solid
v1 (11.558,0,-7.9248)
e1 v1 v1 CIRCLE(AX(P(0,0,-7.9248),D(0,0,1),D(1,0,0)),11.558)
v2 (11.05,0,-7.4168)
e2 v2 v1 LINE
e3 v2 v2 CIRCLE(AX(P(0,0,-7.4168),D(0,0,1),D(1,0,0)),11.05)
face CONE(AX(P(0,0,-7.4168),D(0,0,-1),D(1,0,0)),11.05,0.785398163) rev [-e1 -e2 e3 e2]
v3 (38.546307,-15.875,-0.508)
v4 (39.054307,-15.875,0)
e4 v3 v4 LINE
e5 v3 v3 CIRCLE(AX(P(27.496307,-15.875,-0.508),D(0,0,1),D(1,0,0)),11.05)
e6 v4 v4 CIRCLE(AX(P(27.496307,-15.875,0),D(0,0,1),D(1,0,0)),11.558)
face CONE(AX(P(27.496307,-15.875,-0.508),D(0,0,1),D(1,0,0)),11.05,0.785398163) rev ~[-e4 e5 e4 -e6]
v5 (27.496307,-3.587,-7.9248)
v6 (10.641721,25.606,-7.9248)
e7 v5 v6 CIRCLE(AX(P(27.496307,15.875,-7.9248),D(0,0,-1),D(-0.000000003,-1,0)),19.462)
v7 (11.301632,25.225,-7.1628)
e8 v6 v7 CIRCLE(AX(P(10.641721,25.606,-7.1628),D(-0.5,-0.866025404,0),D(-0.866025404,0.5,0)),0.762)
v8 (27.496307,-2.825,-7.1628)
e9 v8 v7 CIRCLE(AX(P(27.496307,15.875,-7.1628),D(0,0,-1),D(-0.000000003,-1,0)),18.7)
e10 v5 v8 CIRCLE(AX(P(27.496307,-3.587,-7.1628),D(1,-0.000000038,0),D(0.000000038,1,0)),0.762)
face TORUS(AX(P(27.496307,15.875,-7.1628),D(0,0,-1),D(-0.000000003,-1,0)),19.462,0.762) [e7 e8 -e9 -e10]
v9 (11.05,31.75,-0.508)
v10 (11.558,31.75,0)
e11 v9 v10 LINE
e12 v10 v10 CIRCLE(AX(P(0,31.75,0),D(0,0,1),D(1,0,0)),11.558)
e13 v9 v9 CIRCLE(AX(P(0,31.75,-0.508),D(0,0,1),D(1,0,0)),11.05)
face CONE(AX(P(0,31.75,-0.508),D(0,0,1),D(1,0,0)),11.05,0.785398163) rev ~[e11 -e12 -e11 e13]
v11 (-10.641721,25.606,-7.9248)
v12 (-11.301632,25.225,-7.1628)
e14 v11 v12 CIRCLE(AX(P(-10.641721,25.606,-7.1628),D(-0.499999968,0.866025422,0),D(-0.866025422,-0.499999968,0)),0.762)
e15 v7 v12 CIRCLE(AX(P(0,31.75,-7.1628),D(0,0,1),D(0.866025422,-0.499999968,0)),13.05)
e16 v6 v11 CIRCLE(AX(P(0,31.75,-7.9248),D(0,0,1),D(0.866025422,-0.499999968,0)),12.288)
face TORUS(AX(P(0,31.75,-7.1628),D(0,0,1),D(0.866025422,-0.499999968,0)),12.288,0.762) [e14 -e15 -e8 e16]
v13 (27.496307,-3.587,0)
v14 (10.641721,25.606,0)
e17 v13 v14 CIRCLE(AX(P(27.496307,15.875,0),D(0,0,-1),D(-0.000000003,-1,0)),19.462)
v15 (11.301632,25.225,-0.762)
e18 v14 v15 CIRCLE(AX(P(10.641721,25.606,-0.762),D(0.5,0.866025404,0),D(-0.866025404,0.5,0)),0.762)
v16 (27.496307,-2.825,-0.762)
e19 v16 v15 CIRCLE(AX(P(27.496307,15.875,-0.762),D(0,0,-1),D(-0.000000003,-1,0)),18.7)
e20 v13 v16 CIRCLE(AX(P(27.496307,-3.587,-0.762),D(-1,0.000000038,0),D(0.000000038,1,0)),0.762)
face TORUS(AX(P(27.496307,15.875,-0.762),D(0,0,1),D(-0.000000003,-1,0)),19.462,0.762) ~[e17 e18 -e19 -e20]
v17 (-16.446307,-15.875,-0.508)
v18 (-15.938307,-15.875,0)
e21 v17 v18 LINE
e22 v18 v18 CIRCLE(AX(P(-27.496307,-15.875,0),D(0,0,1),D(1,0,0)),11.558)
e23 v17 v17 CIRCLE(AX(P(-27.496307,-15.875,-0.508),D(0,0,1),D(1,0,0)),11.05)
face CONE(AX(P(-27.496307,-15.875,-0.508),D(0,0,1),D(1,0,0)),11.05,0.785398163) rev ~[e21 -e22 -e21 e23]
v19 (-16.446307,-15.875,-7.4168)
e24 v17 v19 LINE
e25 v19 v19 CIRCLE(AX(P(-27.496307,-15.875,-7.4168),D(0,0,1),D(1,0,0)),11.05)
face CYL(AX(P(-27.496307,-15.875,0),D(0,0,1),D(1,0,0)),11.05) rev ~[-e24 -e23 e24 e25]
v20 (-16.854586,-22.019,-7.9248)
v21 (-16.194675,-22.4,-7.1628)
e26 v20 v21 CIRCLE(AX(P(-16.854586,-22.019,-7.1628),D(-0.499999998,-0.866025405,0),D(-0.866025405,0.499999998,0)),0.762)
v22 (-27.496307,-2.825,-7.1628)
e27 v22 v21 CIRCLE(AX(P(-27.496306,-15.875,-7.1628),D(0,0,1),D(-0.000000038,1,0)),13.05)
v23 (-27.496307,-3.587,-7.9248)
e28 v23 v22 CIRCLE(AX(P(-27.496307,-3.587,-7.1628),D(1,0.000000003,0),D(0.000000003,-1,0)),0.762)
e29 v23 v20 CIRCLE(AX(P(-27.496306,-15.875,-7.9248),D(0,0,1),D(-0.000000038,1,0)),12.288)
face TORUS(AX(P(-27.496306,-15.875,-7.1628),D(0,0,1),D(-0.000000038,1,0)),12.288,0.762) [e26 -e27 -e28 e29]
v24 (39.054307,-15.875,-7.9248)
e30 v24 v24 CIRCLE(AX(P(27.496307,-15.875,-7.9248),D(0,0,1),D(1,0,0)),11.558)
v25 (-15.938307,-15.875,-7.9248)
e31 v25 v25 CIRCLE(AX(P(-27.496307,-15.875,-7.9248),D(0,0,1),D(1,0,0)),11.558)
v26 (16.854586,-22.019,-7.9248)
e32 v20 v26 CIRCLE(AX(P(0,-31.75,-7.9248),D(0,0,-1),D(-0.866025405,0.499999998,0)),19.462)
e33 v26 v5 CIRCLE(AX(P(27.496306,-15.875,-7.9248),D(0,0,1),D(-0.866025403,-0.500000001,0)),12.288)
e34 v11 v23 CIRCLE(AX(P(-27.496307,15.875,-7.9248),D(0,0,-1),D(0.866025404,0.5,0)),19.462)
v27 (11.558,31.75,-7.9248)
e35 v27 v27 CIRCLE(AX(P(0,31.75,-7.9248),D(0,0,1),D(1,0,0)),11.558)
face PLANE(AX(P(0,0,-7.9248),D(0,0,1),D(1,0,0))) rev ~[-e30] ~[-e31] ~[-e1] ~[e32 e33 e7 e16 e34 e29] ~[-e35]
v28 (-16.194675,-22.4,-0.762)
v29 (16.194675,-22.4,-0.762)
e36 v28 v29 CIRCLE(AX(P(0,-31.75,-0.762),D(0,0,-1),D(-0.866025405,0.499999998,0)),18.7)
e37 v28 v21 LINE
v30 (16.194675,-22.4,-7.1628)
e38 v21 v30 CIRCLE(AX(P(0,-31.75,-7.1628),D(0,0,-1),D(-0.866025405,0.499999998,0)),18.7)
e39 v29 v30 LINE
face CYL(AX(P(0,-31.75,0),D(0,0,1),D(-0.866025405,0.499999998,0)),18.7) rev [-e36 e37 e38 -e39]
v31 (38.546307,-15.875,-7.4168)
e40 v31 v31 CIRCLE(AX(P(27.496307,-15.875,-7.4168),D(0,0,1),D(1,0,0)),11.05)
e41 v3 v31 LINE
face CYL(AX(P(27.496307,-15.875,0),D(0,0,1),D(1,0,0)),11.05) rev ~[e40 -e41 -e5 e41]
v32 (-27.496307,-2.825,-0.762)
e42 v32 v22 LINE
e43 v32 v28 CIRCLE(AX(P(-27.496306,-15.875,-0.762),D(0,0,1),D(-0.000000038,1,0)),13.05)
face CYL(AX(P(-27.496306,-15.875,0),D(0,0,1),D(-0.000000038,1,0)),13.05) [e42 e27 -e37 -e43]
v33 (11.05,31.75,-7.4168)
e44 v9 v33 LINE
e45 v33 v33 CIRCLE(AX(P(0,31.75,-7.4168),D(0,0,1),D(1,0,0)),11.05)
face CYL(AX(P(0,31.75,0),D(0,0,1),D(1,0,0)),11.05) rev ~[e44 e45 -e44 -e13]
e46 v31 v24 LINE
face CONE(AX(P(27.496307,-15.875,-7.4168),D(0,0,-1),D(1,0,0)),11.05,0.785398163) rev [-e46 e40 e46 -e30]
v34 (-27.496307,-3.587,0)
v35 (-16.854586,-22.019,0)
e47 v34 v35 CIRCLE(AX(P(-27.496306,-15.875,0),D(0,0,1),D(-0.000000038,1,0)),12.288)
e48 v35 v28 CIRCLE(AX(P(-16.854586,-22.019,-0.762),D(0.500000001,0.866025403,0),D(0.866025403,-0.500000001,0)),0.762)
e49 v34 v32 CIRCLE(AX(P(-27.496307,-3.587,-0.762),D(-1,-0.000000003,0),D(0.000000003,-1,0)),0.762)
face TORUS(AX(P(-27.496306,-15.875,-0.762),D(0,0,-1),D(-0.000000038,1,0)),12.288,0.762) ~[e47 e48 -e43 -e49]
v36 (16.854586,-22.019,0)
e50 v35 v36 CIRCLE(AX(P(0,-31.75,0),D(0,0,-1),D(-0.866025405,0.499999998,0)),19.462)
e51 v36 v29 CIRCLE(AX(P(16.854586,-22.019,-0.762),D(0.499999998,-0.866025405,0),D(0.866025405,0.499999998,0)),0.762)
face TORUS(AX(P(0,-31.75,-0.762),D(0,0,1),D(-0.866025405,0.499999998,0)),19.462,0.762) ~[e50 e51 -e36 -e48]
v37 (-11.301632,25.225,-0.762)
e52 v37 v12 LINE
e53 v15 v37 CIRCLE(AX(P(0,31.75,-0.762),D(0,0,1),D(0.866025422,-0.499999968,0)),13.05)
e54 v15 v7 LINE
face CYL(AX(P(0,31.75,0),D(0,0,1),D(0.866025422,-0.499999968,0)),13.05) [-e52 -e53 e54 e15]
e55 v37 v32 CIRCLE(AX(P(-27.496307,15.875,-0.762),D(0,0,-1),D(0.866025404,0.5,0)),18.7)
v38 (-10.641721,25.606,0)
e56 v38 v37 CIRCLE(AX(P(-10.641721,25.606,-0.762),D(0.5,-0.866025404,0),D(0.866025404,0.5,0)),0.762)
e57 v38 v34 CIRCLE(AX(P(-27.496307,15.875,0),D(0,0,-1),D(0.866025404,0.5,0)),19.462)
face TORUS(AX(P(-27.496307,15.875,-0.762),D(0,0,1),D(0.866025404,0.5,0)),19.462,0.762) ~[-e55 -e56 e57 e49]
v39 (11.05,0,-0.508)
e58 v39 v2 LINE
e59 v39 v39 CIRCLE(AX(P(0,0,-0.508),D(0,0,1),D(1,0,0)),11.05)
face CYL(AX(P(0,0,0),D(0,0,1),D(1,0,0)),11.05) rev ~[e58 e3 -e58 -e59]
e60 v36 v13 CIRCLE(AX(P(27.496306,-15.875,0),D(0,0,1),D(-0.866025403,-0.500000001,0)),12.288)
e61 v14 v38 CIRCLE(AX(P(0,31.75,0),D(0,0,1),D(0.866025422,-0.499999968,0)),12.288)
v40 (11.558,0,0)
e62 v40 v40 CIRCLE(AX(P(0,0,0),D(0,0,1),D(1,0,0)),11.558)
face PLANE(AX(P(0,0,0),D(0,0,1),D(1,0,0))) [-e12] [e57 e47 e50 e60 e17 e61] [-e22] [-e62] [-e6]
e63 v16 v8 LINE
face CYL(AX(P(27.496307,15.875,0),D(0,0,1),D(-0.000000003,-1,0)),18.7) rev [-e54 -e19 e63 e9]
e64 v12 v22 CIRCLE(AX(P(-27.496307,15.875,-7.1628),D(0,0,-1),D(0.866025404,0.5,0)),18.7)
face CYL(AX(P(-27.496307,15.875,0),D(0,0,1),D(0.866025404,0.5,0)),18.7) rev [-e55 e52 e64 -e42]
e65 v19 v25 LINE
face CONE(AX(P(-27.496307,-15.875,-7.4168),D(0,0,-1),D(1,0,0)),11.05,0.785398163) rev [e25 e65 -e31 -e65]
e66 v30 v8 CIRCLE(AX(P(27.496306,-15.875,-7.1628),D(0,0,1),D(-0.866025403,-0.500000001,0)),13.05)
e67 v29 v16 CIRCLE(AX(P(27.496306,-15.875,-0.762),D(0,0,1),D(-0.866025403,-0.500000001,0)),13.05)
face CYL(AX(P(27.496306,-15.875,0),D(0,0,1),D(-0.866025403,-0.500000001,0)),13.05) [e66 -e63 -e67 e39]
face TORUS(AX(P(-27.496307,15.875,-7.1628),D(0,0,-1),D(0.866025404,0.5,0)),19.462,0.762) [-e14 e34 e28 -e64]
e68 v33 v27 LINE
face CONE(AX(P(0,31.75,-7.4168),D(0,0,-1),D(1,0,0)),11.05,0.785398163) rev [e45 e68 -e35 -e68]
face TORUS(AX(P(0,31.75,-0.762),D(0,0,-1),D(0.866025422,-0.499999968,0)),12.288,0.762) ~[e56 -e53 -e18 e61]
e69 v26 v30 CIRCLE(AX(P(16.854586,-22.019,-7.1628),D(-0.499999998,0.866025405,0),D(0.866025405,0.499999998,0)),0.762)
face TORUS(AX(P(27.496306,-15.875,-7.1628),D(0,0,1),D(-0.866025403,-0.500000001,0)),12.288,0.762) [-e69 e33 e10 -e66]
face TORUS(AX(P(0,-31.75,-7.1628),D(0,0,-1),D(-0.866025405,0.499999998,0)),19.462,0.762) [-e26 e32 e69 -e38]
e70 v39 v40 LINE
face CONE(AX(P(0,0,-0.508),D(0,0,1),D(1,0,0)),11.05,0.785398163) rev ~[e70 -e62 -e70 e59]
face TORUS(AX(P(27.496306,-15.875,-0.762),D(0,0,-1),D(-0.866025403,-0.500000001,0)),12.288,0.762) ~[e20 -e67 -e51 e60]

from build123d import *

# Parameters (mm, degrees)
F0_R     = 11.05
F1_DEPTH = 7.9248
F2_SIZE  = 0.508
F3_R     = 0.762


with BuildPart() as f1:
    # F0 (on Top) → F1 (new body)
    with BuildSketch(Plane.XY):
        with BuildLine():
            ThreePointArc((27.496307, -2.825), (11.301632, 6.525), (11.301632, 25.225))
            ThreePointArc((11.301632, 25.225), (0, 44.8), (-11.301632, 25.225))
            ThreePointArc((-11.301632, 25.225), (-11.301632, 6.525), (-27.496307, -2.825))
            ThreePointArc((-27.496307, -2.825), (-38.797938, -22.4), (-16.194675, -22.4))
            ThreePointArc((-16.194675, -22.4), (0, -13.05), (16.194675, -22.4))
            ThreePointArc((16.194675, -22.4), (38.797938, -22.4), (27.496307, -2.825))
        make_face()
        with Locations((-27.496307, -15.875)):
            Circle(F0_R, mode=Mode.SUBTRACT)
        with Locations((27.496307, -15.875)):
            Circle(F0_R, mode=Mode.SUBTRACT)
        Circle(F0_R, mode=Mode.SUBTRACT)
        with Locations((0, 31.75)):
            Circle(F0_R, mode=Mode.SUBTRACT)
    extrude(amount=-F1_DEPTH)

    # F2
    f2_edges = [f1.edges().sort_by_distance(p)[0] for p in [
        (16.446307, -15.875, -7.9248),
        (16.446307, -15.875, 0),
        (-38.546307, -15.875, -7.9248),
        (-38.546307, -15.875, 0),
        (-11.05, 0, 0),
        (-11.05, 0, -7.9248),
        (-11.05, 31.75, -7.9248),
        (-11.05, 31.75, 0),
    ]]
    chamfer(f2_edges, length=F2_SIZE)

    # F3
    f3_edges = [f1.edges().sort_by_distance(p)[0] for p in [
        (-11.301632, 6.525, 0),
        (0, -13.05, -7.9248),
    ]]
    fillet(f3_edges, radius=F3_R)


solid = f1.part
